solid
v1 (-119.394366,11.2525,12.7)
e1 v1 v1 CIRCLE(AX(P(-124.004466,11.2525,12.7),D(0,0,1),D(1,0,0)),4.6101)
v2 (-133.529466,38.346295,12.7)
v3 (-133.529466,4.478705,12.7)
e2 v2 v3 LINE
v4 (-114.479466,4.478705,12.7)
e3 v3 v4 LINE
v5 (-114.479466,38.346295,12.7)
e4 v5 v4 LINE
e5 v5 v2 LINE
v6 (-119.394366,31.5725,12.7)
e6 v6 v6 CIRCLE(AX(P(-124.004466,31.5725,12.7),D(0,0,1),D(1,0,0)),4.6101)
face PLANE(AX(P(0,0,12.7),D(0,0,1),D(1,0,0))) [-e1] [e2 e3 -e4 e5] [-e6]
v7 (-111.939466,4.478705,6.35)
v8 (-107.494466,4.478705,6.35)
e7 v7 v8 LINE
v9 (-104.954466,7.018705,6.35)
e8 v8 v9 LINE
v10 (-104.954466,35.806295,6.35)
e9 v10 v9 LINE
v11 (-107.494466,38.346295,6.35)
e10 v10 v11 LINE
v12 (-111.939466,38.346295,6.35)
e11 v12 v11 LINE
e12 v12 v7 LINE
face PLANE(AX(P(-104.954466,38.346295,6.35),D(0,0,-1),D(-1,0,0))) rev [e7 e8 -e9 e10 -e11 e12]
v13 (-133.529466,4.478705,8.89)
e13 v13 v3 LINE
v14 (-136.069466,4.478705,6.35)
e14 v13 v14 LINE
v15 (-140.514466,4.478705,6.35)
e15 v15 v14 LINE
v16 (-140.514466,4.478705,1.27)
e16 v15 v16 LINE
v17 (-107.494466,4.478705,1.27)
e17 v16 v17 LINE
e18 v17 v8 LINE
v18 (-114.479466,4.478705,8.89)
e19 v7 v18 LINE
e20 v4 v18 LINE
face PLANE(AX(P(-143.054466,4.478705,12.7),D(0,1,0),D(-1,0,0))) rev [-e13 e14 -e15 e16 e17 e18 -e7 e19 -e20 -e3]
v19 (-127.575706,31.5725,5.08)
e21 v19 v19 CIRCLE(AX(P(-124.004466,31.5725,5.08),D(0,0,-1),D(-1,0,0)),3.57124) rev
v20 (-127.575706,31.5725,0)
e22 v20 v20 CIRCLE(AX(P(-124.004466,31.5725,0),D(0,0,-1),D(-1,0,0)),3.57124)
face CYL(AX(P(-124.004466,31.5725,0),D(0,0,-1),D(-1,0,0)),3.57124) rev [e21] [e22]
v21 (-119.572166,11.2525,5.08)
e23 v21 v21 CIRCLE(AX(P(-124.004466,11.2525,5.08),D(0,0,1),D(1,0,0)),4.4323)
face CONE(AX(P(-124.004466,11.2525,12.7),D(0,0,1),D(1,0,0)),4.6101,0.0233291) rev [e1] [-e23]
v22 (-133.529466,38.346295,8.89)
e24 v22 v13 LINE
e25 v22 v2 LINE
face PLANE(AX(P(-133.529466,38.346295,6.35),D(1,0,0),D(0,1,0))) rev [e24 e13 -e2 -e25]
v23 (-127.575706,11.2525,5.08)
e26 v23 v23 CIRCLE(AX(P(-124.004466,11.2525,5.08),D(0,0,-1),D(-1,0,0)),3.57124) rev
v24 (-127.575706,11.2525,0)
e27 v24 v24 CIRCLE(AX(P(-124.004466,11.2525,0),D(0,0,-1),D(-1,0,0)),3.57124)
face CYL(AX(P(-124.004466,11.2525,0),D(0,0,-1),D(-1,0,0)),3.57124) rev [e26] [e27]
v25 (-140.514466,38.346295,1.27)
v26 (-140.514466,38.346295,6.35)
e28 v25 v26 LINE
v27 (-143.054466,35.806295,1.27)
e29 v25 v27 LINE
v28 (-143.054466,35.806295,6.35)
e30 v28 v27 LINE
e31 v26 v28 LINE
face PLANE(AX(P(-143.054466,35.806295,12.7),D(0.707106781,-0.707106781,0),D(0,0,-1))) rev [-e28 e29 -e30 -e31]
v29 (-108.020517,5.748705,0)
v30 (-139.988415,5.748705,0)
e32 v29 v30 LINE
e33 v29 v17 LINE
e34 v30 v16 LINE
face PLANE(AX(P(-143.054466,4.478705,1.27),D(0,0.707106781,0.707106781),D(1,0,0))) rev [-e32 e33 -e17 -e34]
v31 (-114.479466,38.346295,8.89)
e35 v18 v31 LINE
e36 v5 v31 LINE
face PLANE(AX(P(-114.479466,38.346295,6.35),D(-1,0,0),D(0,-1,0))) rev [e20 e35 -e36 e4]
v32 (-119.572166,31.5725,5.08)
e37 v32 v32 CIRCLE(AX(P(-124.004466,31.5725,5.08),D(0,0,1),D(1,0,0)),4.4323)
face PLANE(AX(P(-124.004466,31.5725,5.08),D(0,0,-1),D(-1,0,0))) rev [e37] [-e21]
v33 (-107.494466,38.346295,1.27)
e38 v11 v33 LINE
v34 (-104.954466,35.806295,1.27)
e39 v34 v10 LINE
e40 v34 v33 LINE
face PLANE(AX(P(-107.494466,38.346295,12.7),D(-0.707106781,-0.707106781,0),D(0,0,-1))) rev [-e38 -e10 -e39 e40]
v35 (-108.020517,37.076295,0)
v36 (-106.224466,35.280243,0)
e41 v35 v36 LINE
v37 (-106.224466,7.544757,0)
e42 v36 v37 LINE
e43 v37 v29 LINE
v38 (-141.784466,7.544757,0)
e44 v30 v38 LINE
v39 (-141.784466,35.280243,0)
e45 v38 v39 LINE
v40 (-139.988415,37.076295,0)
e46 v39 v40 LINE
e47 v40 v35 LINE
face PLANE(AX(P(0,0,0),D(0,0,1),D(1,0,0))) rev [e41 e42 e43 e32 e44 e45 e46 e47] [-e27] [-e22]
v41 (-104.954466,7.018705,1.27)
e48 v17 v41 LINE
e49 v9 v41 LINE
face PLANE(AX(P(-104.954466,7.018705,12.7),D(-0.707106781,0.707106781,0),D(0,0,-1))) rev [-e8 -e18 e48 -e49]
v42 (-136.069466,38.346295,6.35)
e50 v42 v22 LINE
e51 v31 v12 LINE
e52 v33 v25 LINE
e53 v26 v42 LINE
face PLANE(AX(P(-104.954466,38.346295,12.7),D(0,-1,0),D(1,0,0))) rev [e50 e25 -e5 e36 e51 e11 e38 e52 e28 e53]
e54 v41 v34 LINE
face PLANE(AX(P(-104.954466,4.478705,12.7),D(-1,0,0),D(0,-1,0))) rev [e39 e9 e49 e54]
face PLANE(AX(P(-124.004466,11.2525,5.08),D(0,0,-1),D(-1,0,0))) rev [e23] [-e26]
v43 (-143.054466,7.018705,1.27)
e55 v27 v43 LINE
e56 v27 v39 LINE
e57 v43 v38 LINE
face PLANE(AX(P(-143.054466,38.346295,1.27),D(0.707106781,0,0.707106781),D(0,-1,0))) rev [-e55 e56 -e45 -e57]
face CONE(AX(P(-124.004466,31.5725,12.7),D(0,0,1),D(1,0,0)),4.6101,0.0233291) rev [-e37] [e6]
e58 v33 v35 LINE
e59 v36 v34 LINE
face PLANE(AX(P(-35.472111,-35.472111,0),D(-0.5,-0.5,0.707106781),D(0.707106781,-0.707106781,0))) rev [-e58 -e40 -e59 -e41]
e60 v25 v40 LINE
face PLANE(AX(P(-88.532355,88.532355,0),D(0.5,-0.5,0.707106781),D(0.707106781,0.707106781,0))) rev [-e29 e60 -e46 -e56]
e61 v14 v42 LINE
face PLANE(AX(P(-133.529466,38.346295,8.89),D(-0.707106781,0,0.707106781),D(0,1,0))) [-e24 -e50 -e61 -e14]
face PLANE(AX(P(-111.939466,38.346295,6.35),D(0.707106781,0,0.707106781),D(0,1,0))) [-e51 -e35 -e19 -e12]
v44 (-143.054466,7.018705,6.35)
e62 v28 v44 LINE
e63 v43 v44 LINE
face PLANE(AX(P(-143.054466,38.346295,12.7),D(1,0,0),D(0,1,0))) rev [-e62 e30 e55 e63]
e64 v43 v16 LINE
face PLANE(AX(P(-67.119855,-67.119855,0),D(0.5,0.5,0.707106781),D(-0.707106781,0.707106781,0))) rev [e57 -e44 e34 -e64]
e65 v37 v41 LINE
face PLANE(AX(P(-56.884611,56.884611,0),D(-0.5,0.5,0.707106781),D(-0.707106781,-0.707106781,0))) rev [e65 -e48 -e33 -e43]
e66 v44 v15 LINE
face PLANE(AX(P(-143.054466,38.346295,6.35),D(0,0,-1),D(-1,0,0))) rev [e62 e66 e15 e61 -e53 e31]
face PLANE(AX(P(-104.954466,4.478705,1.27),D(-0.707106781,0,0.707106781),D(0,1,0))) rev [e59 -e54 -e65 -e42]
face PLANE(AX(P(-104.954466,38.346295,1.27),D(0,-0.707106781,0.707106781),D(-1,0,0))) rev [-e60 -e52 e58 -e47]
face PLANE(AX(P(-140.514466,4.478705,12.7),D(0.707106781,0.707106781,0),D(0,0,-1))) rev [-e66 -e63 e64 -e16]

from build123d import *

# Parameters (mm, degrees)
SKETCH1_W               = 38.1
SKETCH1_H               = 33.86758938
BOSS_EXTRUDE1_DEPTH     = 12.7
F_1_4_CLEARANCE_HOLE1_D = 7.14248
HOLE1_AT_2_COUNT        = 2
HOLE1_AT_2_PITCH        = 20.32
SKETCH9_W               = 9.525
SKETCH9_H               = 6.35
CUT_EXTRUDE1_DEPTH      = 34.86758938
CHAMFER1_SIZE           = 2.54
CHAMFER2_SIZE           = 1.27


with BuildPart() as part:
    # Sketch1 → Boss-Extrude1 (new body)
    with BuildSketch(Plane.XY):
        with Locations((-124.004465969, 21.4125)):
            Rectangle(SKETCH1_W, SKETCH1_H)
    extrude(amount=BOSS_EXTRUDE1_DEPTH)

    # 1/4 Clearance Hole1 (through all)
    with Locations(Plane(origin=(0, 0, 0), x_dir=(-1, 0, 0), z_dir=(0, 0, -1))):
        with Locations((124.004465969, 11.2525), (124.004465969, 31.5725)):
            Hole(F_1_4_CLEARANCE_HOLE1_D / 2)

    # Sketch8 → Hole1 (revolve, cut)
    with BuildSketch(Plane(origin=(-124.004465969, 11.2525, 12.7), x_dir=(0, -1, 0), z_dir=(1, 0, 0))):
        Polygon((0, 0), (0, 7.62), (4.4323, 7.62), (4.6101, 0), align=None)
    hole1 = revolve(axis=Axis((-124.004465969, 11.2525, -97.3), (0, 0, 1)), mode=Mode.SUBTRACT)

    # Hole1 at 2: Hole1 ×2
    with Locations(*[(0, i * HOLE1_AT_2_PITCH, 0) for i in range(1, HOLE1_AT_2_COUNT)]):
        add(hole1, mode=Mode.SUBTRACT)

    # Sketch9 → Cut-Extrude1 (cut, through all)
    with BuildSketch(Plane.XZ.offset(-4.47870531)):
        with Locations((-109.716965969, 9.525)):
            Rectangle(SKETCH9_W, SKETCH9_H)
        with Locations((-138.291965969, 9.525)):
            Rectangle(SKETCH9_W, SKETCH9_H)
    extrude(amount=-CUT_EXTRUDE1_DEPTH, mode=Mode.SUBTRACT)

    # Chamfer1
    chamfer1_edges = [part.edges().sort_by_distance(p)[0] for p in [
        (-143.054465969, 38.34629469, 3.175),
        (-104.954465969, 38.34629469, 3.175),
        (-104.954465969, 4.47870531, 3.175),
        (-143.054465969, 4.47870531, 3.175),
        (-114.479465969, 21.4125, 6.35),
        (-133.529465969, 21.4125, 6.35),
    ]]
    chamfer(chamfer1_edges, length=CHAMFER1_SIZE)

    # Chamfer2
    chamfer2_edges = [part.edges().sort_by_distance(p)[0] for p in [
        (-143.054465969, 21.4125, 0),
        (-124.004465969, 38.34629469, 0),
        (-104.954465969, 21.4125, 0),
        (-124.004465969, 4.47870531, 0),
        (-106.224465969, 5.74870531, 0),
        (-141.784465969, 5.74870531, 0),
        (-106.224465969, 37.07629469, 0),
        (-141.784465969, 37.07629469, 0),
    ]]
    chamfer(chamfer2_edges, length=CHAMFER2_SIZE)


solid = part.part
